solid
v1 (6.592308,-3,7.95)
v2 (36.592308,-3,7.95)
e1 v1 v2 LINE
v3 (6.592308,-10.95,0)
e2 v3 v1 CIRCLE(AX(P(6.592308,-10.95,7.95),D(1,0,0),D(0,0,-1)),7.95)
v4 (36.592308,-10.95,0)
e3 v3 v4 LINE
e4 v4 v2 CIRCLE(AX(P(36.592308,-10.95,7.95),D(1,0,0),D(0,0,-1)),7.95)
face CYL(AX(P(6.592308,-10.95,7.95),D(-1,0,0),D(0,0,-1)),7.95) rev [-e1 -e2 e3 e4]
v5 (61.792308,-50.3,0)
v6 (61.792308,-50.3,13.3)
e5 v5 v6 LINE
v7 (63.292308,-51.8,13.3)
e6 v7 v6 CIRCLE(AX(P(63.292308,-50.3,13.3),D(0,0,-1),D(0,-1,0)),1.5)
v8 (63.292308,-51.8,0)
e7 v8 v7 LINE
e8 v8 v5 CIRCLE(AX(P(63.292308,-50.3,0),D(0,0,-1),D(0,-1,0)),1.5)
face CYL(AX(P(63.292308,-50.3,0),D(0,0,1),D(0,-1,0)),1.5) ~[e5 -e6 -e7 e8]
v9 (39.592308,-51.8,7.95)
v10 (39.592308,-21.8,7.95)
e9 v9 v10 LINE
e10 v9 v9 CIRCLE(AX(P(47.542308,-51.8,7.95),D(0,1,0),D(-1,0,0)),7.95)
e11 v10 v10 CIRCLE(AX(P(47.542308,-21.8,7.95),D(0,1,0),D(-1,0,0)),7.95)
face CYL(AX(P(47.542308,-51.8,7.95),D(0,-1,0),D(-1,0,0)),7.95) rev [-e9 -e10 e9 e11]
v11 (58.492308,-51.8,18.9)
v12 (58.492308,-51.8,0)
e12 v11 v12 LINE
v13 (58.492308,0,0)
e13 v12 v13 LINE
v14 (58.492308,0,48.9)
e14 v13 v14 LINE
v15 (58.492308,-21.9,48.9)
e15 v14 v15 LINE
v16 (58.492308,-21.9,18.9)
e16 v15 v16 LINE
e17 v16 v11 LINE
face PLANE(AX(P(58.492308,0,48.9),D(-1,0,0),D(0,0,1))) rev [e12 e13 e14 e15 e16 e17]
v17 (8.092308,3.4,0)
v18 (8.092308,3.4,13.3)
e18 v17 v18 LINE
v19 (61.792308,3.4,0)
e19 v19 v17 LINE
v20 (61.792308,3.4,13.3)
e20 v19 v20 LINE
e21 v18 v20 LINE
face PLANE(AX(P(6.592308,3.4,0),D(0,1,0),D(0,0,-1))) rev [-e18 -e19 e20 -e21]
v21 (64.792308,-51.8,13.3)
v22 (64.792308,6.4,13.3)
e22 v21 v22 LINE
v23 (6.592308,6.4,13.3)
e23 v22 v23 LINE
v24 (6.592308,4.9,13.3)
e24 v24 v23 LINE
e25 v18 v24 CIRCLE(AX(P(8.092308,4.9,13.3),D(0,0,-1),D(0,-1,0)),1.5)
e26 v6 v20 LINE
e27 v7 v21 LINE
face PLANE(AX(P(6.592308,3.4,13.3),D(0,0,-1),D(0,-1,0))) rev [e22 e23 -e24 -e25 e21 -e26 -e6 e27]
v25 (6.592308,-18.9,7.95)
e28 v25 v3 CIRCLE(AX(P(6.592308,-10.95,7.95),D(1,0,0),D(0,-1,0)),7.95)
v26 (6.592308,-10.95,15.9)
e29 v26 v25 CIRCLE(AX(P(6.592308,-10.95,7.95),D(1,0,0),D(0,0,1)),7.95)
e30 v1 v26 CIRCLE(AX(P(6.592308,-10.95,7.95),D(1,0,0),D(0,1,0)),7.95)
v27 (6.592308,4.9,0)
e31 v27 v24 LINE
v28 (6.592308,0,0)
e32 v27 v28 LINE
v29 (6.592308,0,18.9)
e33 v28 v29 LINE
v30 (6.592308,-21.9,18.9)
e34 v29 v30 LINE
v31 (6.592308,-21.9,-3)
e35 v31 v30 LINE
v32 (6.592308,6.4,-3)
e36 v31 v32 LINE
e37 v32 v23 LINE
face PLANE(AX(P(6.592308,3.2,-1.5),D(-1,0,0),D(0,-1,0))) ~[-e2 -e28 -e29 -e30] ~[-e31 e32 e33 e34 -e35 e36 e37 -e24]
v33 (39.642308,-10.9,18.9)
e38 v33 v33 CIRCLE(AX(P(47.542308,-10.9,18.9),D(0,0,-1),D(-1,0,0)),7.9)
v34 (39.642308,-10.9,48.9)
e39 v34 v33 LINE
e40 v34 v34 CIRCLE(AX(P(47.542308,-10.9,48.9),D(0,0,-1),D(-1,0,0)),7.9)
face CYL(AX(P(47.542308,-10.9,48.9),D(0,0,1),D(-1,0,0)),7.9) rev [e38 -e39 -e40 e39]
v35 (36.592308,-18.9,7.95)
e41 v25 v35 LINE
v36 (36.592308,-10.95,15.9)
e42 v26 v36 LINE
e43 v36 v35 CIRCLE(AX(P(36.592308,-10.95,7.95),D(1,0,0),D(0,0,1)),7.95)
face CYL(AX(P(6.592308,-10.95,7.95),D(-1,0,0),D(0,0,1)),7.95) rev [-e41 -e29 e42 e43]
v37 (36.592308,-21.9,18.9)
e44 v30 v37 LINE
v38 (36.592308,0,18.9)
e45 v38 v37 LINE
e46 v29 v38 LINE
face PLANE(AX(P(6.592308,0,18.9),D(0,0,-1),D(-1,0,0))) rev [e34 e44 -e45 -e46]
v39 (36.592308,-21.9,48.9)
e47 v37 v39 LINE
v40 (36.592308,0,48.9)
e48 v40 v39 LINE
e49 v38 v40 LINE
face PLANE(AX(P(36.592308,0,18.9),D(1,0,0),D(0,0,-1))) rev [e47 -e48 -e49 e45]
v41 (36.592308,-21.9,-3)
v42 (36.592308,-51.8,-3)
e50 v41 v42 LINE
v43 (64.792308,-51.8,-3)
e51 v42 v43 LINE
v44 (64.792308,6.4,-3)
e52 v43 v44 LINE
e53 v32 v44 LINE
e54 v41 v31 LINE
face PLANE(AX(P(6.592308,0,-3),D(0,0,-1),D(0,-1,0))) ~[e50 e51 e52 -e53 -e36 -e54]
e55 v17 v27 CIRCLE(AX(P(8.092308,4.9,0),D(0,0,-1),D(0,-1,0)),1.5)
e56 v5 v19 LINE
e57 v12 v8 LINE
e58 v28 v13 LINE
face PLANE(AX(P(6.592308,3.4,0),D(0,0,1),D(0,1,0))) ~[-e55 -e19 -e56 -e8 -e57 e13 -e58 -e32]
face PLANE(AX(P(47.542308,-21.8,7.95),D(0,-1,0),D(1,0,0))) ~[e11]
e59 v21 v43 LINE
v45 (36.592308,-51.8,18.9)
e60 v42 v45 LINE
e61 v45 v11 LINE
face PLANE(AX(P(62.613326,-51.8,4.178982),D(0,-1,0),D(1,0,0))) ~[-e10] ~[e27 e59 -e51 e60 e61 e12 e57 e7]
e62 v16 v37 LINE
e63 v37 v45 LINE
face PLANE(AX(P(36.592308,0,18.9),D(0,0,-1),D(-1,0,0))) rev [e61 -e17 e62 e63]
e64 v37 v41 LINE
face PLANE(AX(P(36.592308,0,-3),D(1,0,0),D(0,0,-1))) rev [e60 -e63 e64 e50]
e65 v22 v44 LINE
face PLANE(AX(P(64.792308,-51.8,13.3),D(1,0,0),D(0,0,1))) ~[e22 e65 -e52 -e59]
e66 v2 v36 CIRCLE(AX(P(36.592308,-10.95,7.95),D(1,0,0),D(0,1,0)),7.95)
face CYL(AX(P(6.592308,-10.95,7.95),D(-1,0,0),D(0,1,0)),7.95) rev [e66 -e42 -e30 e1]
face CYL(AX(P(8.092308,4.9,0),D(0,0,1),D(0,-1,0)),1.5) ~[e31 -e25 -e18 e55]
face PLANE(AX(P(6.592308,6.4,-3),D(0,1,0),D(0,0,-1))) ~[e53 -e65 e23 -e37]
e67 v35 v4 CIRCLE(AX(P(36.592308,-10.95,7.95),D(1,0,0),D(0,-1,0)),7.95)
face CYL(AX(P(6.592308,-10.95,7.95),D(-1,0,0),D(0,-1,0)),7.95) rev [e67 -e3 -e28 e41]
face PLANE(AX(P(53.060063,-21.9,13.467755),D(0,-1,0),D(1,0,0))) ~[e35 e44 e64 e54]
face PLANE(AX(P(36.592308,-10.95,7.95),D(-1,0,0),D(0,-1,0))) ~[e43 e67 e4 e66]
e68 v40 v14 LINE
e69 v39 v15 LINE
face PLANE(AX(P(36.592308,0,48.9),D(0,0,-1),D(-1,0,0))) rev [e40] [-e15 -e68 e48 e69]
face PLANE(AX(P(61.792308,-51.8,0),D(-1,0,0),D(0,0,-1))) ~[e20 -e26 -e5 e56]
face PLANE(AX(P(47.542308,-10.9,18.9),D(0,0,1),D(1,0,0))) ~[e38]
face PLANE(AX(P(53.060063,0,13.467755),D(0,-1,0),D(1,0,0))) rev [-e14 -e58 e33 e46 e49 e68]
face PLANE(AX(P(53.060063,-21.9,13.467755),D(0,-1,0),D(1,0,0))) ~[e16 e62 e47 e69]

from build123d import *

# Parameters (mm, degrees)
F0_W      = 27
F0_H      = 15.9
F0_W_2    = 15.9
F0_H_2    = 27
F0_W_3    = 3
F0_H_3    = 3
F1_DEPTH  = 21.9
F2_DEPTH  = 51.8
F3_R      = 7.95
F6_DEPTH  = 30
F7_DEPTH  = 30
F4_R      = 7.9
F8_DEPTH  = 30
F10_DEPTH = 58.2
F11_W     = 3
F11_H     = 13.3
F13_R     = 1.5


with BuildPart() as f1:
    # F0 (on Front) → F1 (new body)
    with BuildSketch(Plane.XZ):
        with BuildLine():
            Line((-34.3576915575, 15.9), (-42.3076915575, 15.9))
            Line((-42.3076915575, 15.9), (-42.3076915575, 7.9499999931))
            ThreePointArc((-42.3076915575, 7.9499999931), (-39.9791904704, 13.571498908), (-34.3576915575, 15.9))
        make_face()
        with BuildLine():
            ThreePointArc((-34.3576915575, 15.9), (-39.9791904704, 13.571498908), (-42.3076915575, 7.9499999931))
            ThreePointArc((-42.3076915575, 7.9499999931), (-39.9791904655, 2.3285010871), (-34.3576915575, 0))
            ThreePointArc((-34.3576915575, 0), (-28.7361926471, 2.3285010896), (-26.4076915575, 7.95))
            ThreePointArc((-26.4076915575, 7.95), (-28.7361926471, 13.5714989104), (-34.3576915575, 15.9))
        make_face()
        Polygon((-42.3076915575, 18.9), (-42.3076915575, 45.9), (-26.4076915575, 45.9), (-26.4076915575, 18.9), (-23.4076915575, 18.9), (-23.4076915575, 48.9), (-45.3076915575, 48.9), (-45.3076915575, 18.9), align=None)
        with Locations((-9.9076915575, 7.95)):
            Rectangle(F0_W, F0_H)
        with Locations((-34.3576915575, 32.4)):
            Rectangle(F0_W_2, F0_H_2)
        with BuildLine():
            ThreePointArc((-34.3576915575, 0), (-39.9791904655, 2.3285010871), (-42.3076915575, 7.9499999931))
            Line((-42.3076915575, 7.9499999931), (-42.3076915575, 0))
            Line((-42.3076915575, 0), (-34.3576915575, 0))
        make_face()
        with BuildLine():
            Line((-26.4076915575, 0), (-26.4076915575, 7.95))
            ThreePointArc((-26.4076915575, 7.95), (-28.7361926471, 2.3285010896), (-34.3576915575, 0))
            Line((-34.3576915575, 0), (-26.4076915575, 0))
        make_face()
        with BuildLine():
            Line((-26.4076915575, 7.95), (-26.4076915575, 15.9))
            Line((-26.4076915575, 15.9), (-34.3576915575, 15.9))
            ThreePointArc((-34.3576915575, 15.9), (-28.7361926471, 13.5714989104), (-26.4076915575, 7.95))
        make_face()
        Polygon((6.5923084425, 18.9), (-23.4076915575, 18.9), (-23.4076915575, 15.9), (3.5923084425, 15.9), (3.5923084425, 0), (-23.4076915575, 0), (-23.4076915575, -3), (6.5923084425, -3), align=None)
        Polygon((-26.4076915575, 18.9), (-42.3076915575, 18.9), (-42.3076915575, 15.9), (-34.3576915575, 15.9), (-26.4076915575, 15.9), align=None)
        Polygon((-23.4076915575, 15.9), (-26.4076915575, 15.9), (-26.4076915575, 7.95), (-26.4076915575, 0), (-23.4076915575, 0), align=None)
        Polygon((-42.3076915575, 15.9), (-42.3076915575, 18.9), (-45.3076915575, 18.9), (-45.3076915575, -3), (-23.4076915575, -3), (-23.4076915575, 0), (-26.4076915575, 0), (-34.3576915575, 0), (-42.3076915575, 0), (-42.3076915575, 7.9499999931), align=None)
        with Locations((-24.9076915575, 17.4)):
            Rectangle(F0_W_3, F0_H_3)
    extrude(amount=F1_DEPTH)

    # F0 (on Front) → F2 (join)
    with BuildSketch(Plane.XZ):
        Polygon((-42.3076915575, 15.9), (-42.3076915575, 18.9), (-45.3076915575, 18.9), (-45.3076915575, -3), (-23.4076915575, -3), (-23.4076915575, 0), (-26.4076915575, 0), (-34.3576915575, 0), (-42.3076915575, 0), (-42.3076915575, 7.9499999931), align=None)
        with BuildLine():
            ThreePointArc((-34.3576915575, 15.9), (-39.9791904704, 13.571498908), (-42.3076915575, 7.9499999931))
            ThreePointArc((-42.3076915575, 7.9499999931), (-39.9791904655, 2.3285010871), (-34.3576915575, 0))
            ThreePointArc((-34.3576915575, 0), (-28.7361926471, 2.3285010896), (-26.4076915575, 7.95))
            ThreePointArc((-26.4076915575, 7.95), (-28.7361926471, 13.5714989104), (-34.3576915575, 15.9))
        make_face()
        Polygon((-26.4076915575, 18.9), (-42.3076915575, 18.9), (-42.3076915575, 15.9), (-34.3576915575, 15.9), (-26.4076915575, 15.9), align=None)
        Polygon((-23.4076915575, 15.9), (-26.4076915575, 15.9), (-26.4076915575, 7.95), (-26.4076915575, 0), (-23.4076915575, 0), align=None)
        with Locations((-24.9076915575, 17.4)):
            Rectangle(F0_W_3, F0_H_3)
        with BuildLine():
            Line((-26.4076915575, 7.95), (-26.4076915575, 15.9))
            Line((-26.4076915575, 15.9), (-34.3576915575, 15.9))
            ThreePointArc((-34.3576915575, 15.9), (-28.7361926471, 13.5714989104), (-26.4076915575, 7.95))
        make_face()
        with BuildLine():
            Line((-34.3576915575, 15.9), (-42.3076915575, 15.9))
            Line((-42.3076915575, 15.9), (-42.3076915575, 7.9499999931))
            ThreePointArc((-42.3076915575, 7.9499999931), (-39.9791904704, 13.571498908), (-34.3576915575, 15.9))
        make_face()
        with BuildLine():
            ThreePointArc((-34.3576915575, 0), (-39.9791904655, 2.3285010871), (-42.3076915575, 7.9499999931))
            Line((-42.3076915575, 7.9499999931), (-42.3076915575, 0))
            Line((-42.3076915575, 0), (-34.3576915575, 0))
        make_face()
        with BuildLine():
            Line((-26.4076915575, 0), (-26.4076915575, 7.95))
            ThreePointArc((-26.4076915575, 7.95), (-28.7361926471, 2.3285010896), (-34.3576915575, 0))
            Line((-34.3576915575, 0), (-26.4076915575, 0))
        make_face()
    extrude(amount=F2_DEPTH)

    # F3 (on face) → F6 (cut)
    with BuildSketch(Plane.XZ.offset(51.8)):
        with Locations((-34.3576915575, 7.95)):
            Circle(F3_R)
    extrude(amount=-F6_DEPTH, mode=Mode.SUBTRACT)

    # F5 (on face) → F7 (cut)
    with BuildSketch(Plane.YZ.offset(6.5923084425)):
        with BuildLine():
            ThreePointArc((-3, 7.95), (-5.3285010896, 13.5714989104), (-10.95, 15.9))
            ThreePointArc((-10.95, 15.9), (-16.5714989104, 13.5714989104), (-18.9, 7.95))
            ThreePointArc((-18.9, 7.95), (-16.5714989104, 2.3285010896), (-10.95, 0))
            ThreePointArc((-10.95, 0), (-5.3285010896, 2.3285010896), (-3, 7.95))
        make_face()
    extrude(amount=-F7_DEPTH, mode=Mode.SUBTRACT)

    # F4 (on face) → F8 (cut)
    with BuildSketch(Plane.XY.offset(48.9)):
        with Locations((-34.3576915575, -10.9)):
            Circle(F4_R)
    extrude(amount=-F8_DEPTH, mode=Mode.SUBTRACT)

    # F9 (on face) → F10 (join)
    with BuildSketch(Plane.XZ.offset(51.8)):
        Polygon((-51.6076915575, -3), (-45.3076915575, -3), (-45.3076915575, 0), (-48.6076915575, 0), (-48.6076915575, 13.3), (-51.6076915575, 13.3), align=None)
    extrude(amount=-F10_DEPTH)

    # F11 (on face) → F12 (join, up to the next surface of F1)
    with BuildSketch(Plane.YZ.offset(6.5923084425)):
        Polygon((6.4, -3), (6.4, 0), (3.4, 0), (0, 0), (0, -3), align=None)
        with Locations((4.9, 6.65)):
            Rectangle(F11_W, F11_H)
    extrude(until=Until.NEXT, dir=(-1, 0, 0))

    # F13
    f13_edges = [f1.edges().sort_by_distance(p)[0] for p in [
        (6.592308, 3.4, 6.65),
        (-48.607692, -51.8, 6.65),
    ]]
    fillet(f13_edges, radius=F13_R)


with BuildPart() as f14_1:
    # F14: instance of F1
    add(f1.part.mirror(Plane(origin=(6.5923084425, -9.0672909783, 7.3023649608), x_dir=(0, 1, 0), z_dir=(1, 0, 0))))


solid = f14_1.part
